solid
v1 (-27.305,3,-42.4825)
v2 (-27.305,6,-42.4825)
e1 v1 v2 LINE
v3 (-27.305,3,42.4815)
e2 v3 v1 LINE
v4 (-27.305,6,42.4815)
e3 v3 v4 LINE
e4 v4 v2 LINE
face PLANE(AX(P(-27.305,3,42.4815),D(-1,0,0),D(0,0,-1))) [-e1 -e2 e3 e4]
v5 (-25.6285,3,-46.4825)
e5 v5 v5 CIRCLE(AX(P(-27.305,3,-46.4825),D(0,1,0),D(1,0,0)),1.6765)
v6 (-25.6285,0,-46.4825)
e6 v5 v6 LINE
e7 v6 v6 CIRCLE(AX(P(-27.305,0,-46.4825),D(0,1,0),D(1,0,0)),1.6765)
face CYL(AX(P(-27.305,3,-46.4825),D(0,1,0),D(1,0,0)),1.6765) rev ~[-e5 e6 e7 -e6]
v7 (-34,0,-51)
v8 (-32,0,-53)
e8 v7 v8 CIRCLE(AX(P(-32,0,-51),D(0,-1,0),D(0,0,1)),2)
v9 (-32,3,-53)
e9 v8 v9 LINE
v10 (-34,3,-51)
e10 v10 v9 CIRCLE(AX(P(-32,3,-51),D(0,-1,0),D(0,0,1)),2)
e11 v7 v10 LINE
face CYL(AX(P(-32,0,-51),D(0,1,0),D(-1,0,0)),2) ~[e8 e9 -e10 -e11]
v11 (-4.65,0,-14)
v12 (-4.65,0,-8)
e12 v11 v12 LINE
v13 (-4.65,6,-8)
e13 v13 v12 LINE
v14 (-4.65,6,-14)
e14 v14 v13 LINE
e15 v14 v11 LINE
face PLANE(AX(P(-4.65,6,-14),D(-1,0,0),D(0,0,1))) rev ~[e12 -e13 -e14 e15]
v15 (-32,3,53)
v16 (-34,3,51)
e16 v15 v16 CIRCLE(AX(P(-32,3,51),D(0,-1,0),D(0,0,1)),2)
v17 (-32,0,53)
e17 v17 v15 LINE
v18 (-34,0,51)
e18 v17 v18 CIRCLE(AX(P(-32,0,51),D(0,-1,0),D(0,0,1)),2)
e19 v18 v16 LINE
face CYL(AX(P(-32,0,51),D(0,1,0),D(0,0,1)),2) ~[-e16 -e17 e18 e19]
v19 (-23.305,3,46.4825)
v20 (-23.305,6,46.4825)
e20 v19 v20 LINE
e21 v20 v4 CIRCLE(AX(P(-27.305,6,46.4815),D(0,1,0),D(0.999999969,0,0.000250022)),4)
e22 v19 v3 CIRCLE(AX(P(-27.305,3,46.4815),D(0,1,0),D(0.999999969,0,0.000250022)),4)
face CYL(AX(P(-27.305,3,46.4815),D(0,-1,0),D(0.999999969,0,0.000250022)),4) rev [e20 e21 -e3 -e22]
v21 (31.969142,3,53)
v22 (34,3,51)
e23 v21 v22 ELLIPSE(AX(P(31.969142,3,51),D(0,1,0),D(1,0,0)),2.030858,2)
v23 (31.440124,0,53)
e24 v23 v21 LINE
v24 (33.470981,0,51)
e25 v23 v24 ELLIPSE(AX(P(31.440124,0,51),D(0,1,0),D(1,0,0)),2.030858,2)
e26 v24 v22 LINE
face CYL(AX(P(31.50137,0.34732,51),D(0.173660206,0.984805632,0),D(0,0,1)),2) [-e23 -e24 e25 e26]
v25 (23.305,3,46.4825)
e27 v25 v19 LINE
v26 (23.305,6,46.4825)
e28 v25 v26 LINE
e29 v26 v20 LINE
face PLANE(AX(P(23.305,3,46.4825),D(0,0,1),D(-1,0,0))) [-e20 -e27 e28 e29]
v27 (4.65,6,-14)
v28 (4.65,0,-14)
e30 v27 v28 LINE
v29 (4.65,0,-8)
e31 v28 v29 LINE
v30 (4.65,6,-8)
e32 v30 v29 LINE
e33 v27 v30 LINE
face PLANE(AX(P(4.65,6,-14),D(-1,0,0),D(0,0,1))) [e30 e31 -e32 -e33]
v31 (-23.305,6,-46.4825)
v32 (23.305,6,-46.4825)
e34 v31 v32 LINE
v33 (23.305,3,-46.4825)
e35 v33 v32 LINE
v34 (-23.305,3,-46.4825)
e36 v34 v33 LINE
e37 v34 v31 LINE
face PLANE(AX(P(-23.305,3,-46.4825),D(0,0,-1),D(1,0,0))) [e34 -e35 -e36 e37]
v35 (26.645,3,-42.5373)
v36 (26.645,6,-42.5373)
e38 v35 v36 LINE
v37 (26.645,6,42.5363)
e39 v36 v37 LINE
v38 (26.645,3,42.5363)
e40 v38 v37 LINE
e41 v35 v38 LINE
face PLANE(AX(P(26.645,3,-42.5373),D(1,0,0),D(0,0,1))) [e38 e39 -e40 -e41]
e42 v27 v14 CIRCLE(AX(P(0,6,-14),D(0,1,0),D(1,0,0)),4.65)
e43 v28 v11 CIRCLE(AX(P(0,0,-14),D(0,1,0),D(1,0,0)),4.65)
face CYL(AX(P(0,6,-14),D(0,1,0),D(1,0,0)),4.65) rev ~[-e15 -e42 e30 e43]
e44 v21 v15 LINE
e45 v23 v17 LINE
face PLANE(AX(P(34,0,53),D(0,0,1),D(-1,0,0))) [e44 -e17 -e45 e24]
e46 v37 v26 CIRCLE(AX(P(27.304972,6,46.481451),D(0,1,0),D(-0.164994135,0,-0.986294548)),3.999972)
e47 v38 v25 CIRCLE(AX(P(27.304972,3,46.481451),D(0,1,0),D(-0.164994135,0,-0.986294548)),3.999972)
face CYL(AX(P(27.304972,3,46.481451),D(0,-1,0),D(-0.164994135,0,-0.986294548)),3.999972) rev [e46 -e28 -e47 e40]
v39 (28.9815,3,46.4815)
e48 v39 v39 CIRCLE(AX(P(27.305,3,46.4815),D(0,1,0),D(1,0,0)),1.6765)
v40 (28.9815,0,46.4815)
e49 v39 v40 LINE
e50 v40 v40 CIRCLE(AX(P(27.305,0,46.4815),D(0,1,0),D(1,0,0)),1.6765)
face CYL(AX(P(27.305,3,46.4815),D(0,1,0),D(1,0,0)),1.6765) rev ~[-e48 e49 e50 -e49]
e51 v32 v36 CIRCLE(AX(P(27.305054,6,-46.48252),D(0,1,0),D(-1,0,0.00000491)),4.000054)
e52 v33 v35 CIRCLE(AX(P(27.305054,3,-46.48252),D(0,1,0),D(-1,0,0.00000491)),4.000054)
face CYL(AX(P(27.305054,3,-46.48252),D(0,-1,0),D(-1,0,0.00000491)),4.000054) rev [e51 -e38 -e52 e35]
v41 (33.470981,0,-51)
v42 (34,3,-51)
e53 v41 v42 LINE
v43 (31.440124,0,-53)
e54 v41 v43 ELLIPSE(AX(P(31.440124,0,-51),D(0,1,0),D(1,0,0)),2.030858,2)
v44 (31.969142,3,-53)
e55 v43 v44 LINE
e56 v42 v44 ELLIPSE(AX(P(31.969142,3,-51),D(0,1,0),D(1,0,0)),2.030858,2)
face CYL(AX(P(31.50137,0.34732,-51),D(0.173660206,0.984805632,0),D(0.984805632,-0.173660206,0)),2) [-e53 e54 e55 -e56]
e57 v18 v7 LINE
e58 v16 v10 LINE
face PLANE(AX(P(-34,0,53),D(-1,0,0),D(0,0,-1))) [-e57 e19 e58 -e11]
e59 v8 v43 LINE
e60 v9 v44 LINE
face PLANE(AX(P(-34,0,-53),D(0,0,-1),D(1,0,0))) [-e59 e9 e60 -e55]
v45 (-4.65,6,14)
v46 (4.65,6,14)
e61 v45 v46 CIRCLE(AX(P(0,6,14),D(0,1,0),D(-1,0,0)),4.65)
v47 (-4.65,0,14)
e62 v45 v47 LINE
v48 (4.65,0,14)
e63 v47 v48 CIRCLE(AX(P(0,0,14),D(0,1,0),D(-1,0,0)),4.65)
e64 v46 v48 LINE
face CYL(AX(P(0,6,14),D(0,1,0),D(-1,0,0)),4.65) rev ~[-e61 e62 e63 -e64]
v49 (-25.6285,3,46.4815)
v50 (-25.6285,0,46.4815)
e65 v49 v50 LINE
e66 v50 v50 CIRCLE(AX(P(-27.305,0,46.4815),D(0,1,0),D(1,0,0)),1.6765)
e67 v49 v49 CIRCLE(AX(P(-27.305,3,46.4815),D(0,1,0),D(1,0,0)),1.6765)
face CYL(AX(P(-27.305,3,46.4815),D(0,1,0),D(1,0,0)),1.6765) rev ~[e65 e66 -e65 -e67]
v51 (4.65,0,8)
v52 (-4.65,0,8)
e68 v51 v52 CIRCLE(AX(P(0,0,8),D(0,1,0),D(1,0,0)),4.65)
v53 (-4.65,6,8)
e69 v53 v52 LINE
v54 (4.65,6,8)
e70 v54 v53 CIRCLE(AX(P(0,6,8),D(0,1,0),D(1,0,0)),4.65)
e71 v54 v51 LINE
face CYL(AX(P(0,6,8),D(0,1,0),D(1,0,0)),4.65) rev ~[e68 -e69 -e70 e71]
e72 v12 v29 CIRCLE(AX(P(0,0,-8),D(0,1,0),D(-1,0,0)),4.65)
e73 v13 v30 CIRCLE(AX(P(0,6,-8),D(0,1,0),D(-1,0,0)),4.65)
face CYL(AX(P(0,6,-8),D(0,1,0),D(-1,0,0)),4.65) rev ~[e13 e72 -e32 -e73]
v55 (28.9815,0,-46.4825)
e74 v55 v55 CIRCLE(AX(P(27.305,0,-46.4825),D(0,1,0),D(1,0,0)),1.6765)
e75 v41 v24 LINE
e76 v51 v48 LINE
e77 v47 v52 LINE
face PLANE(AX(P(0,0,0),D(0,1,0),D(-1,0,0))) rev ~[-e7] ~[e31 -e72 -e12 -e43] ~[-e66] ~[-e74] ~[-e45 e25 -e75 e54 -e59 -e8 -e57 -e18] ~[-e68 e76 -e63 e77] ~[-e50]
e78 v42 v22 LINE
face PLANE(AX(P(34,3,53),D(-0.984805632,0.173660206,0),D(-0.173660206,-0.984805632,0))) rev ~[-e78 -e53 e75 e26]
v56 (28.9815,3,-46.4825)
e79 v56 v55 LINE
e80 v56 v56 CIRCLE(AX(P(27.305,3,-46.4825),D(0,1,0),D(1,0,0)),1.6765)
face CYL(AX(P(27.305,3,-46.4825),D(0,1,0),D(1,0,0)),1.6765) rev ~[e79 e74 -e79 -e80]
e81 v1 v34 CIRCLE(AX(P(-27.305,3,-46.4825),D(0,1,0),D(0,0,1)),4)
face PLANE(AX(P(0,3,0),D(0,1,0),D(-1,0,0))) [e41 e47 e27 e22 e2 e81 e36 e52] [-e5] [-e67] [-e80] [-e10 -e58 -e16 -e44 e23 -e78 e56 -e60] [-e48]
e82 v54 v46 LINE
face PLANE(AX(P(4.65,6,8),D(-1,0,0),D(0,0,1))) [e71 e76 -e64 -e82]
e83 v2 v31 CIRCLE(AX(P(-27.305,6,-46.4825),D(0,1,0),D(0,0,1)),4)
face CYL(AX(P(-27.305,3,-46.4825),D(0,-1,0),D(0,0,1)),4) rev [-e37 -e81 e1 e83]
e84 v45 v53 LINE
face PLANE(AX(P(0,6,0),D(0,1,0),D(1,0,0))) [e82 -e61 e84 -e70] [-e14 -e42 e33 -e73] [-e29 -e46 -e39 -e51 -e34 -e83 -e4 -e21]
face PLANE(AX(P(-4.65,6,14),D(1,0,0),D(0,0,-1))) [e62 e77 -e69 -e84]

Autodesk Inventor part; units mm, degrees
ref_plane "YZ Plane" through (0, 0, 0) normal (1, 0, 0) x (0, 1, 0)
ref_plane "XZ Plane" through (0, 0, 0) normal (0, 1, 0) x (-1, 0, 0)
ref_plane "XY Plane" through (0, 0, 0) normal (0, 0, 1) x (1, 0, 0)
sketch "Esboço1" plane through (0, 0, 0) normal (0, 1, 0) x (-1, 0, 0)
  line L0 (-34, 53) -> (34, 53)
  line L1 (34, 53) -> (34, -53)
  line L2 (34, -53) -> (-34, -53)
  line L3 (-34, -53) -> (-34, 53)
  line L4 (-34, 53) -> (34, -53) construction
  line L5 (34, 53) -> (-34, -53) construction
  point P0 (0, 0)
  dimension "d0" = 68
  dimension "d1" = 106
extrude "Extrusão1" add sketch "Esboço1" along normal blind 3
sketch "Esboço4" plane through (0, 3, 0) normal (0, 1, 0) x (1, 0, 0)
  line L0 (29.972, -49.0345) -> (-29.972, -49.0345)
  line L1 (-29.972, -49.0345) -> (-29.972, 49.0345)
  line L2 (-29.972, 49.0345) -> (29.972, 49.0345)
  line L3 (29.972, 49.0345) -> (29.972, -49.0345)
  line L4 (29.972, -49.0345) -> (-29.972, 49.0345) construction
  line L5 (-29.972, -49.0345) -> (29.972, 49.0345) construction
  circle A0 centre (-27.305, -46.4815) radius 1.6765
  circle A1 centre (27.305, -46.4815) radius 1.6765
  circle A2 centre (-27.305, 46.4825) radius 1.6765
  circle A3 centre (27.305, 46.4825) radius 1.6765
  point P0 (0, 0)
  dimension "d11" = 59.944
  dimension "d12" = 98.069
  dimension "d13" = 3.353
  dimension "d14" = 2.667
  dimension "d15" = 2.553
  dimension "d18" = 54.61
  dimension "d21" = 92.964
extrude "Extrusão3" cut sketch "Esboço4" against normal blind 3 contours A0 | A1 | A2 | A3
sketch "Esboço5" plane through (0, 3, 0) normal (0, 1, 0) x (1, 0, 0)
  circle A0 centre (-27.305, -46.4815) radius 1.6765 projected
  arc A1 (-23.305, -46.4825) -> (-27.305, -42.4815) centre (-27.305, -46.4815) ccw
  circle A2 centre (27.305, -46.4815) radius 1.6765 projected
  arc A3 (26.645, -42.5363) -> (23.305, -46.4825) centre (27.305, -46.4815) ccw
  circle A4 centre (27.305, 46.4825) radius 1.6765 projected
  arc A5 (23.305, 46.4825) -> (26.645, 42.5373) centre (27.305, 46.4825) ccw
  circle A6 centre (-27.305, 46.4825) radius 1.6765 projected
  arc A7 (-27.305, 42.4825) -> (-23.305, 46.4825) centre (-27.305, 46.4825) ccw
  line L0 (26.645, 42.5373) -> (26.645, -42.5363)
  line L1 (27.1364, -46.1956) -> (-27.305, 46.4825) construction
  line L2 (-26.975, -46.4825) -> (26.975, 46.4825) construction
  line L3 (-27.305, -42.4815) -> (-27.305, 42.4825)
  line L4 (23.305, -46.4825) -> (-23.305, -46.4825)
  line L5 (-23.305, 46.4825) -> (23.305, 46.4825)
  point P0 (0, 0)
  dimension "d26" = 8
  dimension "d27" = 8
  dimension "d28" = 8
  dimension "d29" = 8
extrude "Extrusão4" add sketch "Esboço5" along normal blind 3 contours A1 L3 A7 L5 A5 L0 A3 L4
sketch "Esboço7" plane through (-34, 0, 53) normal (0, 0, 1) x (1, 0, 0)
  line L0 (68, 0) -> (68, 3) projected
  line L1 (68, 0) -> (68, 3)
  line L2 (68, 3) -> (67.4537, -0.098)
  line L3 (67.4537, -0.098) -> (68, -0.098)
  line L4 (68, 0) -> (0, 0) projected
  line L5 (68, -0.098) -> (68, 0)
  line L6 (68, 3) -> (0, 3) projected
  line L7 (68, 0) -> (68, 3)
  point P0 (34, 0)
  dimension "d36" = 10
extrude "Extrusão6" cut sketch "Esboço7" against normal blind 114
fillet "Arredondamento1" radius 2 4 edges at (-34, 1.5, 53) (33.7355, 1.5, 53) (-34, 1.5, -53) (33.7355, 1.5, -53)
sketch "Esboço8" plane through (0, 6, 0) normal (0, 1, 0) x (1, 0, 0)
  arc A0 (4.65, 14) -> (-4.65, 14) centre (0, 14) ccw
  arc A1 (-4.65, 8) -> (4.65, 8) centre (0, 8) ccw
  arc A2 (4.65, -8) -> (-4.65, -8) centre (0, -8) ccw
  arc A3 (-4.65, -14) -> (4.65, -14) centre (0, -14) ccw
  line L0 (4.65, 14) -> (4.65, 8)
  line L1 (-4.65, 14) -> (-4.65, 8)
  line L2 (4.65, -8) -> (4.65, -14)
  line L3 (-4.65, -14) -> (-4.65, -8)
  point P0 (0, 0)
  dimension "d40" = 9.3
  dimension "d41" = 9.3
  dimension "d42" = 9.3
  dimension "d43" = 9.3
  dimension "d44" = 6
  dimension "d45" = 6
  dimension "d46" = 8
  dimension "d47" = 8
extrude "Extrusão7" cut sketch "Esboço8" against normal blind 10
properties part number "tampa"
